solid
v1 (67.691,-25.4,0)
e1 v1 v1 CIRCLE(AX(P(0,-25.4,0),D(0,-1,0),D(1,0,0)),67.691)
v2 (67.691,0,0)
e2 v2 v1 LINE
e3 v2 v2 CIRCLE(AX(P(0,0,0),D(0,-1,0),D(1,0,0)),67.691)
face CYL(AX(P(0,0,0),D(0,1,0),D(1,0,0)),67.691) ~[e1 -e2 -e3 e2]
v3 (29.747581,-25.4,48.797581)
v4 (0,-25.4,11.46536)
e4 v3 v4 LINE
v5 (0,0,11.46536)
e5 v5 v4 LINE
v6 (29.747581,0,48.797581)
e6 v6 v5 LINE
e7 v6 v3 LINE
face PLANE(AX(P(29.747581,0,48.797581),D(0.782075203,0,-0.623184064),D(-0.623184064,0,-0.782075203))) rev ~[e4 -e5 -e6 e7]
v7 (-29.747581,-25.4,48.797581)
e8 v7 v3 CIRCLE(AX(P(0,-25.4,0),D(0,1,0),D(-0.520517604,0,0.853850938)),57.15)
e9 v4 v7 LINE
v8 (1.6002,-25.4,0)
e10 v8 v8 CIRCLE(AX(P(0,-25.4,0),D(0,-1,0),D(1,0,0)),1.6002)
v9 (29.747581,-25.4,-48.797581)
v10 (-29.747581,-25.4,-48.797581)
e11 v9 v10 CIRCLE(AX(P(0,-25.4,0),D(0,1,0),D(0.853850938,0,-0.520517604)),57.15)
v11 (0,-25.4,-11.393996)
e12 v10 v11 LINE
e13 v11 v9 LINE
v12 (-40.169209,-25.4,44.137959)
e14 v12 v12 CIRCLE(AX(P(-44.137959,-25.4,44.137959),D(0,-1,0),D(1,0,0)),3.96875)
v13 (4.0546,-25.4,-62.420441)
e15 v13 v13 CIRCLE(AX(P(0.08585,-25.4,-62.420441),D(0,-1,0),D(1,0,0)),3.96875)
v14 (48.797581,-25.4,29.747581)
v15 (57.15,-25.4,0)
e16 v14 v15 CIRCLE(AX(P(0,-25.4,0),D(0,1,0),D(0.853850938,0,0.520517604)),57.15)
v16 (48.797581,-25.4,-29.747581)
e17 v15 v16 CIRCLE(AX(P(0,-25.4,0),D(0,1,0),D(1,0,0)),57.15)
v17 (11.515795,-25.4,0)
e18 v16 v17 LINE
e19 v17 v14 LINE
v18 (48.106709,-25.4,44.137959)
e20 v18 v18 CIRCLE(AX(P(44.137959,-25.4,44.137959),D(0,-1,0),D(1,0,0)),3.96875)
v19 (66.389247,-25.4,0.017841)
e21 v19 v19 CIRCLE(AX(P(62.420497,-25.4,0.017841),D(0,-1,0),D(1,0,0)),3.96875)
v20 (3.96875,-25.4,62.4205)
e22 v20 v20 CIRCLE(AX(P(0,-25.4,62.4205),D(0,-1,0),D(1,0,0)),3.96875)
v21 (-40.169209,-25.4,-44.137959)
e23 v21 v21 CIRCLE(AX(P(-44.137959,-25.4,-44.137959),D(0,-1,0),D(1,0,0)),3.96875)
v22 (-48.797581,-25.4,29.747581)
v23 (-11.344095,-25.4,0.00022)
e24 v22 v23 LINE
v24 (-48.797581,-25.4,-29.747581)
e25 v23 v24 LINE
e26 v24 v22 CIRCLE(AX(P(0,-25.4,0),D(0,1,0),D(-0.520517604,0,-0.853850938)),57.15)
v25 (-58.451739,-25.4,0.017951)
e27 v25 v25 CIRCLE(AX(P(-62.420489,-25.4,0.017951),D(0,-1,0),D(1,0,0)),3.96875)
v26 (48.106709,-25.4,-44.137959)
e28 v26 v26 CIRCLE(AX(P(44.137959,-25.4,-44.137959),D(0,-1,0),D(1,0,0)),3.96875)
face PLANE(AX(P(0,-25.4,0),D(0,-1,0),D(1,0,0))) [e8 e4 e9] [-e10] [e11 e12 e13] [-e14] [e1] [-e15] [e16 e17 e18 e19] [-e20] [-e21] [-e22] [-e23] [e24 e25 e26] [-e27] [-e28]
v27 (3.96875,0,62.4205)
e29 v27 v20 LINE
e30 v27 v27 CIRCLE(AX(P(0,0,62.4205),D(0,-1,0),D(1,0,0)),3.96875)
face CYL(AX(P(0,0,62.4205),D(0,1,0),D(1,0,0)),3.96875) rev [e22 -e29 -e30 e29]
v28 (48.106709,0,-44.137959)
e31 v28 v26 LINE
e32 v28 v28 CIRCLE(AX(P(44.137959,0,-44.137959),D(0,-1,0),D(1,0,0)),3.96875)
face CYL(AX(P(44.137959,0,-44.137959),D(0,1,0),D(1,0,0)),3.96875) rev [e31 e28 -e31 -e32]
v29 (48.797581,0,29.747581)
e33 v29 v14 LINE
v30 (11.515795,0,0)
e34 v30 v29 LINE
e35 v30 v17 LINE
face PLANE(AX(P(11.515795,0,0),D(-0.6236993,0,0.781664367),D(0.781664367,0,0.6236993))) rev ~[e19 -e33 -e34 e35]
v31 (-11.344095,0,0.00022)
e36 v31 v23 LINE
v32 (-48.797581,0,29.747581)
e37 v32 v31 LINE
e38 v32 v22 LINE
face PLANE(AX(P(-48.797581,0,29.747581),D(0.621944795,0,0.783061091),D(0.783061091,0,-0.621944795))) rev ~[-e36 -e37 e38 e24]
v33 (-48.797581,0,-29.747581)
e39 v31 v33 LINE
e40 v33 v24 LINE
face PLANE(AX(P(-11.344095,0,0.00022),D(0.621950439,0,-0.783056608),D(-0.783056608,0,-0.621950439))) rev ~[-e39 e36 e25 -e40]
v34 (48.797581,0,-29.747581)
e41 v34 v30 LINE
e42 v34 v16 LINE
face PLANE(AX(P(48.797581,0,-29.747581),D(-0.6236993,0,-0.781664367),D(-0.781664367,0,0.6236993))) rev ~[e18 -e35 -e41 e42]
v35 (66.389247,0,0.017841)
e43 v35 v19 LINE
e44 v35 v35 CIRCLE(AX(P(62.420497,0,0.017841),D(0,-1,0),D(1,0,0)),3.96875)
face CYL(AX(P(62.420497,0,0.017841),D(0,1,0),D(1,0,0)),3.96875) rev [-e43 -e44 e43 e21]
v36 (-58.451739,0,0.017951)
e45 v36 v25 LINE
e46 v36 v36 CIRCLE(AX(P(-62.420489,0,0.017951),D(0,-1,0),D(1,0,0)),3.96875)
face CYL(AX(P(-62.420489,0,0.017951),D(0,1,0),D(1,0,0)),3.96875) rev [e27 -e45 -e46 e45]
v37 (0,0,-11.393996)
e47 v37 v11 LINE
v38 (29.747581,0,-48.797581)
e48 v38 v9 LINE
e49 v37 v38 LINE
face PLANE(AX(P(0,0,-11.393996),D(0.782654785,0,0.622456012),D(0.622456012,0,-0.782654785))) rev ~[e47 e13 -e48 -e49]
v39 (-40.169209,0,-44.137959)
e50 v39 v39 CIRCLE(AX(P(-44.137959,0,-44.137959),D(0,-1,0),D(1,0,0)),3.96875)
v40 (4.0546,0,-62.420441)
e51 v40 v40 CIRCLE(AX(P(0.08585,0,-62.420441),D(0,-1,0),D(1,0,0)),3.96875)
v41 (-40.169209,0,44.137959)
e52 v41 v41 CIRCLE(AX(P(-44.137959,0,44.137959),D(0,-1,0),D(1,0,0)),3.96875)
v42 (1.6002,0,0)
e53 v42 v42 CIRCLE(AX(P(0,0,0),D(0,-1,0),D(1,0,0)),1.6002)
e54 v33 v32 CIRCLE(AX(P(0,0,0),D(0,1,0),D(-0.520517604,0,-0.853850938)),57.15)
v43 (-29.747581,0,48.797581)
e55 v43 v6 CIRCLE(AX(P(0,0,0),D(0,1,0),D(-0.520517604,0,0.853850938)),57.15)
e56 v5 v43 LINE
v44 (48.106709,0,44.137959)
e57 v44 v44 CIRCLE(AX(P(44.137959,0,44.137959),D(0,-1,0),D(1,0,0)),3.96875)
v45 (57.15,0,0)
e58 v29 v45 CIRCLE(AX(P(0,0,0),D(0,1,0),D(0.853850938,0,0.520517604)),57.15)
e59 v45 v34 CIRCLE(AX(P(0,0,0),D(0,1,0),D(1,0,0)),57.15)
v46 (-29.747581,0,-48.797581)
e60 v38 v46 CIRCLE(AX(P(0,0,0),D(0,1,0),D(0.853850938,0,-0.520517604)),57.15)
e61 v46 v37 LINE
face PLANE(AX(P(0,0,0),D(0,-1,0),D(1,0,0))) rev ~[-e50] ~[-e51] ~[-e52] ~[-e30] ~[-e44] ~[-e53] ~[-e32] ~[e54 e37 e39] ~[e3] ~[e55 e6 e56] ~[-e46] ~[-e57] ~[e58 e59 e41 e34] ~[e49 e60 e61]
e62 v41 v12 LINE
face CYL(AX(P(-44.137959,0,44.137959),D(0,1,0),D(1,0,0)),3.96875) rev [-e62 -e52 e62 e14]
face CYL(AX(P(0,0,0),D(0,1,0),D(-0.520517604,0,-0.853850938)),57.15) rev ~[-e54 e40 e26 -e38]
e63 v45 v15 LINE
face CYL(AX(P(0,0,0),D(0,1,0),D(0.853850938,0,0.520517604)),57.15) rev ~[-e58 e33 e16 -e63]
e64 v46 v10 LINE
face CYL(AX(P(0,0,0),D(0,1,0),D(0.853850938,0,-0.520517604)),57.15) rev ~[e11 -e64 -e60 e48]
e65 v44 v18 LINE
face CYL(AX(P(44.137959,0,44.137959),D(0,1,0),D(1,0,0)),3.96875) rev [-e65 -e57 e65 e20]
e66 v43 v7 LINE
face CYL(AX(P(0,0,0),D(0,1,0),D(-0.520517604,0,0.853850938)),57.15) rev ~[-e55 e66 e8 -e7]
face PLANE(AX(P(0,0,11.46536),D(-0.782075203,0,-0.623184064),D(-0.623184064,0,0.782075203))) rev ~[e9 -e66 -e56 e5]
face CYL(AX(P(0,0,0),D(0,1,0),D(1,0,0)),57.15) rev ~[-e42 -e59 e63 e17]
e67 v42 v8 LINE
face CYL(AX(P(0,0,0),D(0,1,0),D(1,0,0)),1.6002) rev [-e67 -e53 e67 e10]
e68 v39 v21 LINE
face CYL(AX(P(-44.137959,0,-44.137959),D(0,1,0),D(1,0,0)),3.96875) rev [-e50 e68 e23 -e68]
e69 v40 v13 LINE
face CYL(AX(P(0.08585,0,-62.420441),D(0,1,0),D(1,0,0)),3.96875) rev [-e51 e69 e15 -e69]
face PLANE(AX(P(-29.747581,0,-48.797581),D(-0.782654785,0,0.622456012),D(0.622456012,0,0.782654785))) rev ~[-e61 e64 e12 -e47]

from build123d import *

# Parameters (mm, degrees)
F0_R     = 67.691
F0_R_2   = 3.96875
F0_R_3   = 1.6002
F1_DEPTH = 25.4


with BuildPart() as f1:
    # F0 (on Front) → F1 (new body)
    with BuildSketch(Plane.XZ):
        Circle(F0_R)
        with Locations((-44.1379588351, -44.1379588351)):
            Circle(F0_R_2, mode=Mode.SUBTRACT)
        with Locations((0.085850288, -62.4204405388)):
            Circle(F0_R_2, mode=Mode.SUBTRACT)
        with Locations((44.1379588351, -44.1379588351)):
            Circle(F0_R_2, mode=Mode.SUBTRACT)
        with BuildLine():
            ThreePointArc((-48.797581084, -29.747581084), (-57.15, 0), (-48.797581084, 29.747581084))
            ThreePointArc((-48.797581084, 29.747581084), (-40.4111525448, 40.4111525448), (-29.747581084, 48.797581084))
            ThreePointArc((-29.747581084, 48.797581084), (0, 57.15), (29.747581084, 48.797581084))
            ThreePointArc((29.747581084, 48.797581084), (40.4111525448, 40.4111525448), (48.797581084, 29.747581084))
            ThreePointArc((48.797581084, 29.747581084), (55.0222875704, 15.4489601762), (57.15, 0))
            ThreePointArc((57.15, 0), (55.0222875704, -15.4489601762), (48.797581084, -29.747581084))
            ThreePointArc((48.797581084, -29.747581084), (40.4111525448, -40.4111525448), (29.747581084, -48.797581084))
            ThreePointArc((29.747581084, -48.797581084), (0, -57.15), (-29.747581084, -48.797581084))
            ThreePointArc((-29.747581084, -48.797581084), (-40.4111525448, -40.4111525448), (-48.797581084, -29.747581084))
        make_face(mode=Mode.SUBTRACT)
        with Locations((-62.4204890377, 0.0179510779)):
            Circle(F0_R_2, mode=Mode.SUBTRACT)
        with Locations((-44.1379588351, 44.1379588351)):
            Circle(F0_R_2, mode=Mode.SUBTRACT)
        with Locations((62.420497432, 0.0178410081)):
            Circle(F0_R_2, mode=Mode.SUBTRACT)
        with Locations((0, 62.4205)):
            Circle(F0_R_2, mode=Mode.SUBTRACT)
        with Locations((44.1379588351, 44.1379588351)):
            Circle(F0_R_2, mode=Mode.SUBTRACT)
        with BuildLine():
            ThreePointArc((-29.747581084, 48.797581084), (-40.4111525448, 40.4111525448), (-48.797581084, 29.747581084))
            Line((-48.797581084, 29.747581084), (-11.3440947012, 0.0002201395))
            Line((-11.3440947012, 0.0002201395), (-48.797581084, -29.747581084))
            ThreePointArc((-48.797581084, -29.747581084), (-40.4111525448, -40.4111525448), (-29.747581084, -48.797581084))
            Line((-29.747581084, -48.797581084), (0, -11.3939955701))
            Line((0, -11.3939955701), (29.747581084, -48.797581084))
            ThreePointArc((29.747581084, -48.797581084), (40.4111525448, -40.4111525448), (48.797581084, -29.747581084))
            Line((48.797581084, -29.747581084), (11.515794592, 0))
            Line((11.515794592, 0), (48.797581084, 29.747581084))
            ThreePointArc((48.797581084, 29.747581084), (40.4111525448, 40.4111525448), (29.747581084, 48.797581084))
            Line((29.747581084, 48.797581084), (0, 11.4653596026))
            Line((0, 11.4653596026), (-29.747581084, 48.797581084))
        make_face()
        Circle(F0_R_3, mode=Mode.SUBTRACT)
    extrude(amount=F1_DEPTH)


solid = f1.part
